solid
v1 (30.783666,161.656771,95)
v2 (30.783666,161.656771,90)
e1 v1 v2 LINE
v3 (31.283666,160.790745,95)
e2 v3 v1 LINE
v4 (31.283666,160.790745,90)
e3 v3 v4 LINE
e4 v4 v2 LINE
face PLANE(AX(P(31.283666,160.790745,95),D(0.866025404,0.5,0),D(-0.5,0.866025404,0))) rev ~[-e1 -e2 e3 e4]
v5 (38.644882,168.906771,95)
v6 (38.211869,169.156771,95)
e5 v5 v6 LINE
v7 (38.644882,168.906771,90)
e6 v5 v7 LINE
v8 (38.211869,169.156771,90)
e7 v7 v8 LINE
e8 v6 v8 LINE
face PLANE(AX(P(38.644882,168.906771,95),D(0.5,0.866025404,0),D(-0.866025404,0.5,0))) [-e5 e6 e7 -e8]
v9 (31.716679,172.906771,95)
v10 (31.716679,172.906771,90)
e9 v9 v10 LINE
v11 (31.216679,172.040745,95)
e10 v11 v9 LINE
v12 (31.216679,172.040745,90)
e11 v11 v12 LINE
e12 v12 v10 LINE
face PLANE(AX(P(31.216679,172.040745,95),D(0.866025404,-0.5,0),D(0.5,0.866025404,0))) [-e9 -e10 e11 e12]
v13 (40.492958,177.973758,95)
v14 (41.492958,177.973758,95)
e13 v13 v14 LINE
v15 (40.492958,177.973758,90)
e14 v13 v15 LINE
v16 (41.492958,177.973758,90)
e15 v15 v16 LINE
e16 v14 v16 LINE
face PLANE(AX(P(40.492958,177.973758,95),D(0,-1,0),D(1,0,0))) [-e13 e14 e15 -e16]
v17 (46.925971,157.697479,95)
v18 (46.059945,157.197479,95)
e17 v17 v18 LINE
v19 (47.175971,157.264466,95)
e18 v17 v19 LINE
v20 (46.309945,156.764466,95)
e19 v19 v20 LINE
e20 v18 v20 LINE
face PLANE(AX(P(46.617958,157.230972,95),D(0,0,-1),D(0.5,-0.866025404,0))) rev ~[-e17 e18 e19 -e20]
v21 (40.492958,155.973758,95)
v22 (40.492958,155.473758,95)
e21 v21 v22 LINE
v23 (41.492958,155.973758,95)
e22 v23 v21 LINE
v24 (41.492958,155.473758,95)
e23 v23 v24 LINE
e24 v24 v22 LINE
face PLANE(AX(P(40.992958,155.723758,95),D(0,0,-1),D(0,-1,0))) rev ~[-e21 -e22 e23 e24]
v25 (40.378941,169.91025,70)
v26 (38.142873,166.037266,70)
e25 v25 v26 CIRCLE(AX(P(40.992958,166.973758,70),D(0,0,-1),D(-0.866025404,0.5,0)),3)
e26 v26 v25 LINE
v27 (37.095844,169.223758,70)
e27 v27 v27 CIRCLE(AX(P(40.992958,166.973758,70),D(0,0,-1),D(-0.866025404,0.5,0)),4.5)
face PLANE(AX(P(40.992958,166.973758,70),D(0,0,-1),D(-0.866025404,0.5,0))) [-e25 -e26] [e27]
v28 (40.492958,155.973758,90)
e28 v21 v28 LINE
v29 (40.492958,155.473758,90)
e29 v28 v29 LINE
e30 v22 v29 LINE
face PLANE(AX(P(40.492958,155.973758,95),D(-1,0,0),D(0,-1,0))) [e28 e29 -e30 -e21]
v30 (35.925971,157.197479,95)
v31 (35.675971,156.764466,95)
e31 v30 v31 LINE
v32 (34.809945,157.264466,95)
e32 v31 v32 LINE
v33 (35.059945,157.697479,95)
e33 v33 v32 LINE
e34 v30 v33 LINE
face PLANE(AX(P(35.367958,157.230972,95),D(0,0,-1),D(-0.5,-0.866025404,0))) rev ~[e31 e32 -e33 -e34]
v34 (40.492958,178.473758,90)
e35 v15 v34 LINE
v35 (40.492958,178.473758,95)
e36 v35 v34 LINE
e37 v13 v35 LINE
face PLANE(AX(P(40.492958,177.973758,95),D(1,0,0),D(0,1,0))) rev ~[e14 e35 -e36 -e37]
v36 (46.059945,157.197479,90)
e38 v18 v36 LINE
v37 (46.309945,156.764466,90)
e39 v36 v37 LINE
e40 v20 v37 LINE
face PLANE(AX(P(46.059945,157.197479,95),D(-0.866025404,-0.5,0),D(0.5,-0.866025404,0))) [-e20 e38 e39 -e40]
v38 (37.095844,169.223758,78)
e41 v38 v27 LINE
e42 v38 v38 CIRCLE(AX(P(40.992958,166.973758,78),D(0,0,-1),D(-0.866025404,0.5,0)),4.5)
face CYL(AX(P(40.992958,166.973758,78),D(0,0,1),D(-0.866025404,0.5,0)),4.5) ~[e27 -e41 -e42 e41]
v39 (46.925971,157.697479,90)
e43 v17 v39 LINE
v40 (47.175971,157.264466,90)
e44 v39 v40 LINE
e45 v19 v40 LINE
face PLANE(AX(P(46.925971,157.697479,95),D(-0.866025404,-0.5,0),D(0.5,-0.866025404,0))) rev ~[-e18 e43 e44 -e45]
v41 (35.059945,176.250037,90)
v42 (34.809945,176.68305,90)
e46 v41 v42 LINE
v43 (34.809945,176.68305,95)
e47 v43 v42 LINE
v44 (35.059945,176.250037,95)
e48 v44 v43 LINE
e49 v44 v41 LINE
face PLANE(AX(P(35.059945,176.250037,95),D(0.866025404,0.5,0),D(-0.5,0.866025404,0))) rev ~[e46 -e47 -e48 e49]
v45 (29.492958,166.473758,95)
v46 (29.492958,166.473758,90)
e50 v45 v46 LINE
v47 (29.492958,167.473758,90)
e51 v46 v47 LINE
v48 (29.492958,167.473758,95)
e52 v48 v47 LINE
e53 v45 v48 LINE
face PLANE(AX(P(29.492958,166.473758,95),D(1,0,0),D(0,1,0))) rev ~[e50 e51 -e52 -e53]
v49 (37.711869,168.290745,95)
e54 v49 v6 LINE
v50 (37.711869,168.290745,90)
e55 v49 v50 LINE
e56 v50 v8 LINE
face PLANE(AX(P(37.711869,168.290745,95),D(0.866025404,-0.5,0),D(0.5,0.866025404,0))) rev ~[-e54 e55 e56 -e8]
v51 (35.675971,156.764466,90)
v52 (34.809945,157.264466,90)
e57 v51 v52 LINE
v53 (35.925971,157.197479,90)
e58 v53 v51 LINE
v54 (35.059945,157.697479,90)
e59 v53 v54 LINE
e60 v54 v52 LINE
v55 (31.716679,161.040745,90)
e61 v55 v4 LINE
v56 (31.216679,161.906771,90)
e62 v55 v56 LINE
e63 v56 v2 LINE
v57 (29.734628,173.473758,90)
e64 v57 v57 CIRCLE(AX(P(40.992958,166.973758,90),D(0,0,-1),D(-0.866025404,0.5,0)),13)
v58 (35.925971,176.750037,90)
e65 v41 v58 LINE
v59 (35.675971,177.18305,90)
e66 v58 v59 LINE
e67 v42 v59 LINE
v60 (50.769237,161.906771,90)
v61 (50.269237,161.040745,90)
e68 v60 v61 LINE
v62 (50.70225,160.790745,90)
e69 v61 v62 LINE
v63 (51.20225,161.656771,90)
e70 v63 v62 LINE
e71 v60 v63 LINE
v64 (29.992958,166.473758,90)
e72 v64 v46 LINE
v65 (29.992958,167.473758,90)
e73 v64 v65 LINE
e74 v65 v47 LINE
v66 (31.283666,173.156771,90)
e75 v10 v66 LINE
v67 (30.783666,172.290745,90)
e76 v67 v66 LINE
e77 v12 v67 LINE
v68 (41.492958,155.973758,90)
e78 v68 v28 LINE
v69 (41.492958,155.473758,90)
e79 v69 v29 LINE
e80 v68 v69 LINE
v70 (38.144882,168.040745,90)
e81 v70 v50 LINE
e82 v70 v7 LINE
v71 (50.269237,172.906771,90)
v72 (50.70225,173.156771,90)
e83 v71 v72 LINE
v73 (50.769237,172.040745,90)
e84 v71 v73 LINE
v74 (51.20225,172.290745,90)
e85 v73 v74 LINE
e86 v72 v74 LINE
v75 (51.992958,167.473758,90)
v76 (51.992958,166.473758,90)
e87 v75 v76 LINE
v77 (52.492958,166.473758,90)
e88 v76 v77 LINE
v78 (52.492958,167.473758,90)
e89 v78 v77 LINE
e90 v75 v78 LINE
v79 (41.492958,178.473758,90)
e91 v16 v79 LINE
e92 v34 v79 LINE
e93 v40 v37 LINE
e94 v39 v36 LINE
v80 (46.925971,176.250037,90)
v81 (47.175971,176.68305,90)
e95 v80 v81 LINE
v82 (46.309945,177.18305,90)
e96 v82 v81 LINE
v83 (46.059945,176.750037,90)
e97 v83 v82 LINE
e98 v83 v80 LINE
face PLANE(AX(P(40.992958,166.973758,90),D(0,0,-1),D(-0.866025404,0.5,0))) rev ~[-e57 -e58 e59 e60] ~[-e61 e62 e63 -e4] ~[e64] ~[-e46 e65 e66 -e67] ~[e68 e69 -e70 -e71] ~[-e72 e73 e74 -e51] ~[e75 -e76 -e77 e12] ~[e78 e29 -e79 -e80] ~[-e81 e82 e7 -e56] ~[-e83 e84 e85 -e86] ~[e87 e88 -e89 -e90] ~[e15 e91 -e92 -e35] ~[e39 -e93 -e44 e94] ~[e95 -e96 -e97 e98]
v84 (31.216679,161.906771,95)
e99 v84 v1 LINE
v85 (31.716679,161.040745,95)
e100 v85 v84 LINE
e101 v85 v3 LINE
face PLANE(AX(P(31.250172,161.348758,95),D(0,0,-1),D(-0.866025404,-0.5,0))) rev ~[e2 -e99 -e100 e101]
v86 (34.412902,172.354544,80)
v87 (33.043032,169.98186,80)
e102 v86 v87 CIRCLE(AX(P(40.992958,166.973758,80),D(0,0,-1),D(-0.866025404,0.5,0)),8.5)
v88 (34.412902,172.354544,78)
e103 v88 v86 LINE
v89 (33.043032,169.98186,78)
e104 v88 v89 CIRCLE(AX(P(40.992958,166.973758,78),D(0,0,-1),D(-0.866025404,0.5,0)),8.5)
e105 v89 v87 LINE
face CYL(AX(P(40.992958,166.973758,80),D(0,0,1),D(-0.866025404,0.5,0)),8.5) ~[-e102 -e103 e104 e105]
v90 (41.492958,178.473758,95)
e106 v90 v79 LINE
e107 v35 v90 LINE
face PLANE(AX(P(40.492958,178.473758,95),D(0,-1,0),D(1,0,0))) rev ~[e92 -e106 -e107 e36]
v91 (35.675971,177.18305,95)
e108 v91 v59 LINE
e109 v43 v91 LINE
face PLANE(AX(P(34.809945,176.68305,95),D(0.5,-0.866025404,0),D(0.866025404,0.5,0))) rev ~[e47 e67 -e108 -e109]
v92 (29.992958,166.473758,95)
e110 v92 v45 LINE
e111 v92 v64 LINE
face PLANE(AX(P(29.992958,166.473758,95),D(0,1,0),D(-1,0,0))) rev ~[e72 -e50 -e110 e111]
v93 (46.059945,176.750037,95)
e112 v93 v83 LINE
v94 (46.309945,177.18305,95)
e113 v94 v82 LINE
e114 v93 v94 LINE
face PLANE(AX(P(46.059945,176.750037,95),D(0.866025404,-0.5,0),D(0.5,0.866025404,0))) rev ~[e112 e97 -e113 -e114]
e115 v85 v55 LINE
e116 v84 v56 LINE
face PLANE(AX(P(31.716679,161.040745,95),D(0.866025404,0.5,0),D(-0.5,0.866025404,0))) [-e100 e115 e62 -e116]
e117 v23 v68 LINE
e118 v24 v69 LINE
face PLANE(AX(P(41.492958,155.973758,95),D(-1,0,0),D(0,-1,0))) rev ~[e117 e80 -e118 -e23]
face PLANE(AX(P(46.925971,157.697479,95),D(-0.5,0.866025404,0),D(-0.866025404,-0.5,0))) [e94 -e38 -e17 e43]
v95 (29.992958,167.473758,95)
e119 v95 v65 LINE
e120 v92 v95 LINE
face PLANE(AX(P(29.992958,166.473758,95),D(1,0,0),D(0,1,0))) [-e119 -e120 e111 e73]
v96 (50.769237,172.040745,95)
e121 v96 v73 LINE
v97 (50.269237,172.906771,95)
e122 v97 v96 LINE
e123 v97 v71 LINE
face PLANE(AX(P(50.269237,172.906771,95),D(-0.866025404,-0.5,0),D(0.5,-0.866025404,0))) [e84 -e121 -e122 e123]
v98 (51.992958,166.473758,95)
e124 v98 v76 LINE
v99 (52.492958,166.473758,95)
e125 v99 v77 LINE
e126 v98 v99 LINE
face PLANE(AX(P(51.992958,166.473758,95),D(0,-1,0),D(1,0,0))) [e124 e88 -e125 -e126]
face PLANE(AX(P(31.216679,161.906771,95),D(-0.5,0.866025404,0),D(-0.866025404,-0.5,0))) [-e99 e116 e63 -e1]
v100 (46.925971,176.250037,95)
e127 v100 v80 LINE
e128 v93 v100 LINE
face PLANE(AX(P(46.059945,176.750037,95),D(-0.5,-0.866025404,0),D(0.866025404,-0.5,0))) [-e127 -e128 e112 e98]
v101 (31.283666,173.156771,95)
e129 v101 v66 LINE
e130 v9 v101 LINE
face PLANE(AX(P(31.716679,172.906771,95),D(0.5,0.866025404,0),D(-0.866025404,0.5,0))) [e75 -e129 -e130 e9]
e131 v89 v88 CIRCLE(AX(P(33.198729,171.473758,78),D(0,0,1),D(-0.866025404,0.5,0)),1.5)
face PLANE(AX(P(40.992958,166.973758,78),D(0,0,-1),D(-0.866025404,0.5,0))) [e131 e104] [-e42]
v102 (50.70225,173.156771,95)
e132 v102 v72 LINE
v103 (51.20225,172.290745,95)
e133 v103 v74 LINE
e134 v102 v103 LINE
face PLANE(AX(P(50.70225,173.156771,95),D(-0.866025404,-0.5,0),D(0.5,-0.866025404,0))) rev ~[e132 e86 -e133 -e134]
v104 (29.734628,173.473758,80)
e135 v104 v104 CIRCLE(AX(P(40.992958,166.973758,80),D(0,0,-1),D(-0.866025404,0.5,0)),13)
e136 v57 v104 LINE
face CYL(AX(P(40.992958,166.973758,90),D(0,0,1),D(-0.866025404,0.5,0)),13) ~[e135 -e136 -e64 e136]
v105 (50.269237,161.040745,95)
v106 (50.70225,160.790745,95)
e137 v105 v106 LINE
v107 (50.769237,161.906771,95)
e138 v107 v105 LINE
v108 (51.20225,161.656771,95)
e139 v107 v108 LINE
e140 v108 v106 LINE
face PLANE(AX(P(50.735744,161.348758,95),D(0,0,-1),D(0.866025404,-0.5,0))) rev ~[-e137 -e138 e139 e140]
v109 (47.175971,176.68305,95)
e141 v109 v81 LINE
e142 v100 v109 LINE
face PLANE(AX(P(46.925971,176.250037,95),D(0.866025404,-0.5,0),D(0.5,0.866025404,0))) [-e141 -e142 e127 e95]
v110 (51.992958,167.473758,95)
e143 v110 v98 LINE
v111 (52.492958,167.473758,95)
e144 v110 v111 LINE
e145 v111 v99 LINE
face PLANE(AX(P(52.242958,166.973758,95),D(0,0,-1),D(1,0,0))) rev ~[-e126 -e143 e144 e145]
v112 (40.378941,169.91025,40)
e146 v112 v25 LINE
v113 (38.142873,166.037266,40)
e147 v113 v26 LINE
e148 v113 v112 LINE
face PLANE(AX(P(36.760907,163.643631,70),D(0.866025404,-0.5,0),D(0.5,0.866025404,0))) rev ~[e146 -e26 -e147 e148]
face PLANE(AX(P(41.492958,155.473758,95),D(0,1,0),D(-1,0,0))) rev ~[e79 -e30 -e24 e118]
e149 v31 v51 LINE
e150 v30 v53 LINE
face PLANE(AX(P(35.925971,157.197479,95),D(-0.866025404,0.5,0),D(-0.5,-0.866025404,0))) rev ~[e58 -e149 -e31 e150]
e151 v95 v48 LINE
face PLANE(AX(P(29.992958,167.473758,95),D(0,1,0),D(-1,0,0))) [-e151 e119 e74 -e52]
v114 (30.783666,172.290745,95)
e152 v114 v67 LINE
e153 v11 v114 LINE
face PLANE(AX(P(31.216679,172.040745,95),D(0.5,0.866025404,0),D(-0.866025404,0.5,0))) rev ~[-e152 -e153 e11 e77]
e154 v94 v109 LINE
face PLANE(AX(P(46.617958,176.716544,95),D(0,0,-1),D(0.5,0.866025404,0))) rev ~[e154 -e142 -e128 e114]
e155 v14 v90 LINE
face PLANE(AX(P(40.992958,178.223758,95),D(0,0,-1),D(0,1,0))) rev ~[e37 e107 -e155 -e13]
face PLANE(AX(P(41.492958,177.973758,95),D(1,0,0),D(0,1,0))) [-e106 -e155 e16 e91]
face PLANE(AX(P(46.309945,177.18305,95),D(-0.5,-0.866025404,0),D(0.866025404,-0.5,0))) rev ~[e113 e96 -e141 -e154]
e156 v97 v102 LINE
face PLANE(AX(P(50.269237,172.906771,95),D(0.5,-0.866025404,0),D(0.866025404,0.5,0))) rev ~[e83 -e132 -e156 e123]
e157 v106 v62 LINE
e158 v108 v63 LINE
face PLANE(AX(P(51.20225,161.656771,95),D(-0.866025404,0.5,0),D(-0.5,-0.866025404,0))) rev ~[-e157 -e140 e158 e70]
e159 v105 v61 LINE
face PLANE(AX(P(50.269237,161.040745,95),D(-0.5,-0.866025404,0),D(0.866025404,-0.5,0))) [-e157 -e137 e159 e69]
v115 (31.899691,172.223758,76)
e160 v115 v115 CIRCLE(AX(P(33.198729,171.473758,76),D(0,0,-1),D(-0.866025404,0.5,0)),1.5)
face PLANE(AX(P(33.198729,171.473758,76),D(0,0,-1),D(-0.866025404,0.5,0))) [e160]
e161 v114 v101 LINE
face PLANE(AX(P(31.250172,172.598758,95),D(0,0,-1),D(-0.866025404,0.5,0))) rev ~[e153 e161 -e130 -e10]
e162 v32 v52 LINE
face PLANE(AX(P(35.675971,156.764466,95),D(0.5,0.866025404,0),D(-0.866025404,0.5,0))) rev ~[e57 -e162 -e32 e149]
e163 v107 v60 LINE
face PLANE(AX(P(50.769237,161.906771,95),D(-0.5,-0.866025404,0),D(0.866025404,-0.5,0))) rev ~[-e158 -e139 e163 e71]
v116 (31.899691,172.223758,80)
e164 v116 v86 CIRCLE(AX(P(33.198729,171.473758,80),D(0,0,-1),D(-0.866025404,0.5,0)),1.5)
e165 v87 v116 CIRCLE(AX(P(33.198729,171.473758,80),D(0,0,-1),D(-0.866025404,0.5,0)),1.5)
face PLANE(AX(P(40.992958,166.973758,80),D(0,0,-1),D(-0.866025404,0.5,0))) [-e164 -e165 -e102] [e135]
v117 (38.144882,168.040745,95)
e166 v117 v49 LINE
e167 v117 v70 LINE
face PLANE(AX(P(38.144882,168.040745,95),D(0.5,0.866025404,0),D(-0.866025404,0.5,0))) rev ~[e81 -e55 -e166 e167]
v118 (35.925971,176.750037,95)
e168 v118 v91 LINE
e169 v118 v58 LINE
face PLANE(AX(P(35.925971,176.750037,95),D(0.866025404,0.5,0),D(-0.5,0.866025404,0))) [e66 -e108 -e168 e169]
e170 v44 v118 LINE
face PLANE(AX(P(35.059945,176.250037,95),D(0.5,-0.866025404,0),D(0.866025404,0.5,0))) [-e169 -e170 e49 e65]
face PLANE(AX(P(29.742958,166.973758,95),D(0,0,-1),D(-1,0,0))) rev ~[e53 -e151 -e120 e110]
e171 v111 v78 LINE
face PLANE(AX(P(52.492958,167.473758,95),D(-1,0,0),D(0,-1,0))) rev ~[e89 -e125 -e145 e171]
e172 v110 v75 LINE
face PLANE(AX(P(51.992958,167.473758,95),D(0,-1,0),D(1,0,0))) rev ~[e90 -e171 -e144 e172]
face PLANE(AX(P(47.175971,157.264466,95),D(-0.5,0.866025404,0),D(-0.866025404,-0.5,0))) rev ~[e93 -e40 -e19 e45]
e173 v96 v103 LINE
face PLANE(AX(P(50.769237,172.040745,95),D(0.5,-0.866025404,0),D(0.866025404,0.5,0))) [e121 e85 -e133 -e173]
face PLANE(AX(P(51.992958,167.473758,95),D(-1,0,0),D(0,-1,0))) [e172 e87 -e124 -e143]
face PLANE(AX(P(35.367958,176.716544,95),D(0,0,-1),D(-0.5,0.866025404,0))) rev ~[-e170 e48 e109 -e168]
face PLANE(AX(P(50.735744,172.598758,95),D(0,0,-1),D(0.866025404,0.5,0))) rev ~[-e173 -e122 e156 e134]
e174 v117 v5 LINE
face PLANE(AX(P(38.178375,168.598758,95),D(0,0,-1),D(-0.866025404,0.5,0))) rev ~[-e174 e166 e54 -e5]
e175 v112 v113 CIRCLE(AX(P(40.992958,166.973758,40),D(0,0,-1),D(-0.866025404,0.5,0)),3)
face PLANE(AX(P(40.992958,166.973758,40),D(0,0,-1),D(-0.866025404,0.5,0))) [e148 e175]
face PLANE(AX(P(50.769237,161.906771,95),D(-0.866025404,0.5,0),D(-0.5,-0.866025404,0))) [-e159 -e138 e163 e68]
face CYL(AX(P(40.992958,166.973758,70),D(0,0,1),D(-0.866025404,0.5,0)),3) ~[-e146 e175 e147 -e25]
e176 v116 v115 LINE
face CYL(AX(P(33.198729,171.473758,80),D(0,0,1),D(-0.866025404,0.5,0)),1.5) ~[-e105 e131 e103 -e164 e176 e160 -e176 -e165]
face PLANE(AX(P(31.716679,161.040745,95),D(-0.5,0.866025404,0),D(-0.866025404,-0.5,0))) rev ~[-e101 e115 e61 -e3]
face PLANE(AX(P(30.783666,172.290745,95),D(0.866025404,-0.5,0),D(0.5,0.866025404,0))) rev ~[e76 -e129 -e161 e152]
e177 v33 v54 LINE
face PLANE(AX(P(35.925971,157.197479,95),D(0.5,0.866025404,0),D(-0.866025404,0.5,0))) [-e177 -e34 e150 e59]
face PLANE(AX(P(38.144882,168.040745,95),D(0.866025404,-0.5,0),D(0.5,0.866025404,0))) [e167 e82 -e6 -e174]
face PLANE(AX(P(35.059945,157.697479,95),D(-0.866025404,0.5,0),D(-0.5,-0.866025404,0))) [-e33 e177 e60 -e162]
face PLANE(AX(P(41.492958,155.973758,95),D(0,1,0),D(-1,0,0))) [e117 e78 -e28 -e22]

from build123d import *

# Parameters (mm, degrees)
CYLINDER005_R             = 8.5
CYLINDER005_DEPTH         = 2
BOX003_W                  = 0.5
BOX003_H                  = 1
BOX003_DEPTH              = 5
ARRAY001_COUNT            = 12
BOX004_W                  = 0.5
BOX004_H                  = 1
BOX004_DEPTH              = 5
CYLINDER007_R             = 4.5
CYLINDER007_DEPTH         = 8
CYLINDER009_R             = 1.5
CYLINDER009_DEPTH         = 4
BOX005_W                  = 1
BOX005_H                  = 10
BOX005_DEPTH              = 30
CYLINDER008_R             = 3
CYLINDER008_DEPTH         = 30
CYLINDER006_R             = 13
CYLINDER006_DEPTH         = 10
FUSION001_ROLL_ANGLE      = 180
FUSION001_PLACEMENT_ANGLE = 150


with BuildPart() as cylinder005:
    # Cylinder005 → Cylinder005 (new body)
    with BuildSketch(Plane.XY.offset(10)):
        Circle(CYLINDER005_R)
    extrude(amount=CYLINDER005_DEPTH)


with BuildPart() as pin_array001:
    # Box003 → Box003 (new body)
    with BuildSketch(Plane(origin=(11, -0.5, -5), x_dir=(1, 0, 0), z_dir=(0, 0, 1))):
        with Locations((0.25, 0.5)):
            Rectangle(BOX003_W, BOX003_H)
    extrude(amount=BOX003_DEPTH)

    # Array001: Pin array001 ×12 about axis
    array001_axis = Axis((0, 0, 0), (0, 0, 1))


with BuildPart() as pin_array001_1:
    add(pin_array001.part)
    for i in range(1, ARRAY001_COUNT):
        add(pin_array001.part.rotate(array001_axis, i * 360 / ARRAY001_COUNT))


with BuildPart() as pin_central001:
    # Box004 → Box004 (new body)
    with BuildSketch(Plane(origin=(3, -0.5, -5), x_dir=(1, 0, 0), z_dir=(0, 0, 1))):
        with Locations((0.25, 0.5)):
            Rectangle(BOX004_W, BOX004_H)
    extrude(amount=BOX004_DEPTH)


with BuildPart() as cylinder007:
    # Cylinder007 → Cylinder007 (new body)
    with BuildSketch(Plane.XY.offset(12)):
        Circle(CYLINDER007_R)
    extrude(amount=CYLINDER007_DEPTH)


with BuildPart() as cylinder009:
    # Cylinder009 → Cylinder009 (new body)
    with BuildSketch(Plane(origin=(9, 0, 10), x_dir=(1, 0, 0), z_dir=(0, 0, 1))):
        Circle(CYLINDER009_R)
    extrude(amount=CYLINDER009_DEPTH)


with BuildPart() as recorte001:
    # Box005 → Box005 (new body)
    with BuildSketch(Plane(origin=(2, -5, 20), x_dir=(1, 0, 0), z_dir=(0, 0, 1))):
        with Locations((0.5, 5)):
            Rectangle(BOX005_W, BOX005_H)
    extrude(amount=BOX005_DEPTH)


with BuildPart() as cuerpo_4_recortado001:
    # Cylinder008 → Cylinder008 (new body)
    with BuildSketch(Plane.XY.offset(20)):
        Circle(CYLINDER008_R)
    extrude(amount=CYLINDER008_DEPTH)

    # Cut001: cut Recorte001
    add(recorte001.part, mode=Mode.SUBTRACT)


with BuildPart() as fusion001:
    # Cylinder006 → Cylinder006 (new body)
    with BuildSketch(Plane.XY):
        Circle(CYLINDER006_R)
    extrude(amount=CYLINDER006_DEPTH)

    # Fusion001: union Cylinder005, Pin array001, Pin central001, Cylinder007, Cylinder009, Cuerpo 4 recortado001
    add(cylinder005.part)
    add(pin_array001_1.part)
    add(pin_central001.part)
    add(cylinder007.part)
    add(cylinder009.part)
    add(cuerpo_4_recortado001.part)


with BuildPart() as fusion001_1:
    # Fusion001 roll: moved
    add(fusion001.part.rotate(Axis((0, 0, 0), (1, 0, 0)), FUSION001_ROLL_ANGLE))


with BuildPart() as fusion001_2:
    # Fusion001 placement: moved
    add(fusion001_1.part.moved(Location((40.992958, 166.973758, 90))).rotate(Axis((40.992958, 166.973758, 90), (0, 0, 1)), FUSION001_PLACEMENT_ANGLE))


solid = fusion001_2.part
